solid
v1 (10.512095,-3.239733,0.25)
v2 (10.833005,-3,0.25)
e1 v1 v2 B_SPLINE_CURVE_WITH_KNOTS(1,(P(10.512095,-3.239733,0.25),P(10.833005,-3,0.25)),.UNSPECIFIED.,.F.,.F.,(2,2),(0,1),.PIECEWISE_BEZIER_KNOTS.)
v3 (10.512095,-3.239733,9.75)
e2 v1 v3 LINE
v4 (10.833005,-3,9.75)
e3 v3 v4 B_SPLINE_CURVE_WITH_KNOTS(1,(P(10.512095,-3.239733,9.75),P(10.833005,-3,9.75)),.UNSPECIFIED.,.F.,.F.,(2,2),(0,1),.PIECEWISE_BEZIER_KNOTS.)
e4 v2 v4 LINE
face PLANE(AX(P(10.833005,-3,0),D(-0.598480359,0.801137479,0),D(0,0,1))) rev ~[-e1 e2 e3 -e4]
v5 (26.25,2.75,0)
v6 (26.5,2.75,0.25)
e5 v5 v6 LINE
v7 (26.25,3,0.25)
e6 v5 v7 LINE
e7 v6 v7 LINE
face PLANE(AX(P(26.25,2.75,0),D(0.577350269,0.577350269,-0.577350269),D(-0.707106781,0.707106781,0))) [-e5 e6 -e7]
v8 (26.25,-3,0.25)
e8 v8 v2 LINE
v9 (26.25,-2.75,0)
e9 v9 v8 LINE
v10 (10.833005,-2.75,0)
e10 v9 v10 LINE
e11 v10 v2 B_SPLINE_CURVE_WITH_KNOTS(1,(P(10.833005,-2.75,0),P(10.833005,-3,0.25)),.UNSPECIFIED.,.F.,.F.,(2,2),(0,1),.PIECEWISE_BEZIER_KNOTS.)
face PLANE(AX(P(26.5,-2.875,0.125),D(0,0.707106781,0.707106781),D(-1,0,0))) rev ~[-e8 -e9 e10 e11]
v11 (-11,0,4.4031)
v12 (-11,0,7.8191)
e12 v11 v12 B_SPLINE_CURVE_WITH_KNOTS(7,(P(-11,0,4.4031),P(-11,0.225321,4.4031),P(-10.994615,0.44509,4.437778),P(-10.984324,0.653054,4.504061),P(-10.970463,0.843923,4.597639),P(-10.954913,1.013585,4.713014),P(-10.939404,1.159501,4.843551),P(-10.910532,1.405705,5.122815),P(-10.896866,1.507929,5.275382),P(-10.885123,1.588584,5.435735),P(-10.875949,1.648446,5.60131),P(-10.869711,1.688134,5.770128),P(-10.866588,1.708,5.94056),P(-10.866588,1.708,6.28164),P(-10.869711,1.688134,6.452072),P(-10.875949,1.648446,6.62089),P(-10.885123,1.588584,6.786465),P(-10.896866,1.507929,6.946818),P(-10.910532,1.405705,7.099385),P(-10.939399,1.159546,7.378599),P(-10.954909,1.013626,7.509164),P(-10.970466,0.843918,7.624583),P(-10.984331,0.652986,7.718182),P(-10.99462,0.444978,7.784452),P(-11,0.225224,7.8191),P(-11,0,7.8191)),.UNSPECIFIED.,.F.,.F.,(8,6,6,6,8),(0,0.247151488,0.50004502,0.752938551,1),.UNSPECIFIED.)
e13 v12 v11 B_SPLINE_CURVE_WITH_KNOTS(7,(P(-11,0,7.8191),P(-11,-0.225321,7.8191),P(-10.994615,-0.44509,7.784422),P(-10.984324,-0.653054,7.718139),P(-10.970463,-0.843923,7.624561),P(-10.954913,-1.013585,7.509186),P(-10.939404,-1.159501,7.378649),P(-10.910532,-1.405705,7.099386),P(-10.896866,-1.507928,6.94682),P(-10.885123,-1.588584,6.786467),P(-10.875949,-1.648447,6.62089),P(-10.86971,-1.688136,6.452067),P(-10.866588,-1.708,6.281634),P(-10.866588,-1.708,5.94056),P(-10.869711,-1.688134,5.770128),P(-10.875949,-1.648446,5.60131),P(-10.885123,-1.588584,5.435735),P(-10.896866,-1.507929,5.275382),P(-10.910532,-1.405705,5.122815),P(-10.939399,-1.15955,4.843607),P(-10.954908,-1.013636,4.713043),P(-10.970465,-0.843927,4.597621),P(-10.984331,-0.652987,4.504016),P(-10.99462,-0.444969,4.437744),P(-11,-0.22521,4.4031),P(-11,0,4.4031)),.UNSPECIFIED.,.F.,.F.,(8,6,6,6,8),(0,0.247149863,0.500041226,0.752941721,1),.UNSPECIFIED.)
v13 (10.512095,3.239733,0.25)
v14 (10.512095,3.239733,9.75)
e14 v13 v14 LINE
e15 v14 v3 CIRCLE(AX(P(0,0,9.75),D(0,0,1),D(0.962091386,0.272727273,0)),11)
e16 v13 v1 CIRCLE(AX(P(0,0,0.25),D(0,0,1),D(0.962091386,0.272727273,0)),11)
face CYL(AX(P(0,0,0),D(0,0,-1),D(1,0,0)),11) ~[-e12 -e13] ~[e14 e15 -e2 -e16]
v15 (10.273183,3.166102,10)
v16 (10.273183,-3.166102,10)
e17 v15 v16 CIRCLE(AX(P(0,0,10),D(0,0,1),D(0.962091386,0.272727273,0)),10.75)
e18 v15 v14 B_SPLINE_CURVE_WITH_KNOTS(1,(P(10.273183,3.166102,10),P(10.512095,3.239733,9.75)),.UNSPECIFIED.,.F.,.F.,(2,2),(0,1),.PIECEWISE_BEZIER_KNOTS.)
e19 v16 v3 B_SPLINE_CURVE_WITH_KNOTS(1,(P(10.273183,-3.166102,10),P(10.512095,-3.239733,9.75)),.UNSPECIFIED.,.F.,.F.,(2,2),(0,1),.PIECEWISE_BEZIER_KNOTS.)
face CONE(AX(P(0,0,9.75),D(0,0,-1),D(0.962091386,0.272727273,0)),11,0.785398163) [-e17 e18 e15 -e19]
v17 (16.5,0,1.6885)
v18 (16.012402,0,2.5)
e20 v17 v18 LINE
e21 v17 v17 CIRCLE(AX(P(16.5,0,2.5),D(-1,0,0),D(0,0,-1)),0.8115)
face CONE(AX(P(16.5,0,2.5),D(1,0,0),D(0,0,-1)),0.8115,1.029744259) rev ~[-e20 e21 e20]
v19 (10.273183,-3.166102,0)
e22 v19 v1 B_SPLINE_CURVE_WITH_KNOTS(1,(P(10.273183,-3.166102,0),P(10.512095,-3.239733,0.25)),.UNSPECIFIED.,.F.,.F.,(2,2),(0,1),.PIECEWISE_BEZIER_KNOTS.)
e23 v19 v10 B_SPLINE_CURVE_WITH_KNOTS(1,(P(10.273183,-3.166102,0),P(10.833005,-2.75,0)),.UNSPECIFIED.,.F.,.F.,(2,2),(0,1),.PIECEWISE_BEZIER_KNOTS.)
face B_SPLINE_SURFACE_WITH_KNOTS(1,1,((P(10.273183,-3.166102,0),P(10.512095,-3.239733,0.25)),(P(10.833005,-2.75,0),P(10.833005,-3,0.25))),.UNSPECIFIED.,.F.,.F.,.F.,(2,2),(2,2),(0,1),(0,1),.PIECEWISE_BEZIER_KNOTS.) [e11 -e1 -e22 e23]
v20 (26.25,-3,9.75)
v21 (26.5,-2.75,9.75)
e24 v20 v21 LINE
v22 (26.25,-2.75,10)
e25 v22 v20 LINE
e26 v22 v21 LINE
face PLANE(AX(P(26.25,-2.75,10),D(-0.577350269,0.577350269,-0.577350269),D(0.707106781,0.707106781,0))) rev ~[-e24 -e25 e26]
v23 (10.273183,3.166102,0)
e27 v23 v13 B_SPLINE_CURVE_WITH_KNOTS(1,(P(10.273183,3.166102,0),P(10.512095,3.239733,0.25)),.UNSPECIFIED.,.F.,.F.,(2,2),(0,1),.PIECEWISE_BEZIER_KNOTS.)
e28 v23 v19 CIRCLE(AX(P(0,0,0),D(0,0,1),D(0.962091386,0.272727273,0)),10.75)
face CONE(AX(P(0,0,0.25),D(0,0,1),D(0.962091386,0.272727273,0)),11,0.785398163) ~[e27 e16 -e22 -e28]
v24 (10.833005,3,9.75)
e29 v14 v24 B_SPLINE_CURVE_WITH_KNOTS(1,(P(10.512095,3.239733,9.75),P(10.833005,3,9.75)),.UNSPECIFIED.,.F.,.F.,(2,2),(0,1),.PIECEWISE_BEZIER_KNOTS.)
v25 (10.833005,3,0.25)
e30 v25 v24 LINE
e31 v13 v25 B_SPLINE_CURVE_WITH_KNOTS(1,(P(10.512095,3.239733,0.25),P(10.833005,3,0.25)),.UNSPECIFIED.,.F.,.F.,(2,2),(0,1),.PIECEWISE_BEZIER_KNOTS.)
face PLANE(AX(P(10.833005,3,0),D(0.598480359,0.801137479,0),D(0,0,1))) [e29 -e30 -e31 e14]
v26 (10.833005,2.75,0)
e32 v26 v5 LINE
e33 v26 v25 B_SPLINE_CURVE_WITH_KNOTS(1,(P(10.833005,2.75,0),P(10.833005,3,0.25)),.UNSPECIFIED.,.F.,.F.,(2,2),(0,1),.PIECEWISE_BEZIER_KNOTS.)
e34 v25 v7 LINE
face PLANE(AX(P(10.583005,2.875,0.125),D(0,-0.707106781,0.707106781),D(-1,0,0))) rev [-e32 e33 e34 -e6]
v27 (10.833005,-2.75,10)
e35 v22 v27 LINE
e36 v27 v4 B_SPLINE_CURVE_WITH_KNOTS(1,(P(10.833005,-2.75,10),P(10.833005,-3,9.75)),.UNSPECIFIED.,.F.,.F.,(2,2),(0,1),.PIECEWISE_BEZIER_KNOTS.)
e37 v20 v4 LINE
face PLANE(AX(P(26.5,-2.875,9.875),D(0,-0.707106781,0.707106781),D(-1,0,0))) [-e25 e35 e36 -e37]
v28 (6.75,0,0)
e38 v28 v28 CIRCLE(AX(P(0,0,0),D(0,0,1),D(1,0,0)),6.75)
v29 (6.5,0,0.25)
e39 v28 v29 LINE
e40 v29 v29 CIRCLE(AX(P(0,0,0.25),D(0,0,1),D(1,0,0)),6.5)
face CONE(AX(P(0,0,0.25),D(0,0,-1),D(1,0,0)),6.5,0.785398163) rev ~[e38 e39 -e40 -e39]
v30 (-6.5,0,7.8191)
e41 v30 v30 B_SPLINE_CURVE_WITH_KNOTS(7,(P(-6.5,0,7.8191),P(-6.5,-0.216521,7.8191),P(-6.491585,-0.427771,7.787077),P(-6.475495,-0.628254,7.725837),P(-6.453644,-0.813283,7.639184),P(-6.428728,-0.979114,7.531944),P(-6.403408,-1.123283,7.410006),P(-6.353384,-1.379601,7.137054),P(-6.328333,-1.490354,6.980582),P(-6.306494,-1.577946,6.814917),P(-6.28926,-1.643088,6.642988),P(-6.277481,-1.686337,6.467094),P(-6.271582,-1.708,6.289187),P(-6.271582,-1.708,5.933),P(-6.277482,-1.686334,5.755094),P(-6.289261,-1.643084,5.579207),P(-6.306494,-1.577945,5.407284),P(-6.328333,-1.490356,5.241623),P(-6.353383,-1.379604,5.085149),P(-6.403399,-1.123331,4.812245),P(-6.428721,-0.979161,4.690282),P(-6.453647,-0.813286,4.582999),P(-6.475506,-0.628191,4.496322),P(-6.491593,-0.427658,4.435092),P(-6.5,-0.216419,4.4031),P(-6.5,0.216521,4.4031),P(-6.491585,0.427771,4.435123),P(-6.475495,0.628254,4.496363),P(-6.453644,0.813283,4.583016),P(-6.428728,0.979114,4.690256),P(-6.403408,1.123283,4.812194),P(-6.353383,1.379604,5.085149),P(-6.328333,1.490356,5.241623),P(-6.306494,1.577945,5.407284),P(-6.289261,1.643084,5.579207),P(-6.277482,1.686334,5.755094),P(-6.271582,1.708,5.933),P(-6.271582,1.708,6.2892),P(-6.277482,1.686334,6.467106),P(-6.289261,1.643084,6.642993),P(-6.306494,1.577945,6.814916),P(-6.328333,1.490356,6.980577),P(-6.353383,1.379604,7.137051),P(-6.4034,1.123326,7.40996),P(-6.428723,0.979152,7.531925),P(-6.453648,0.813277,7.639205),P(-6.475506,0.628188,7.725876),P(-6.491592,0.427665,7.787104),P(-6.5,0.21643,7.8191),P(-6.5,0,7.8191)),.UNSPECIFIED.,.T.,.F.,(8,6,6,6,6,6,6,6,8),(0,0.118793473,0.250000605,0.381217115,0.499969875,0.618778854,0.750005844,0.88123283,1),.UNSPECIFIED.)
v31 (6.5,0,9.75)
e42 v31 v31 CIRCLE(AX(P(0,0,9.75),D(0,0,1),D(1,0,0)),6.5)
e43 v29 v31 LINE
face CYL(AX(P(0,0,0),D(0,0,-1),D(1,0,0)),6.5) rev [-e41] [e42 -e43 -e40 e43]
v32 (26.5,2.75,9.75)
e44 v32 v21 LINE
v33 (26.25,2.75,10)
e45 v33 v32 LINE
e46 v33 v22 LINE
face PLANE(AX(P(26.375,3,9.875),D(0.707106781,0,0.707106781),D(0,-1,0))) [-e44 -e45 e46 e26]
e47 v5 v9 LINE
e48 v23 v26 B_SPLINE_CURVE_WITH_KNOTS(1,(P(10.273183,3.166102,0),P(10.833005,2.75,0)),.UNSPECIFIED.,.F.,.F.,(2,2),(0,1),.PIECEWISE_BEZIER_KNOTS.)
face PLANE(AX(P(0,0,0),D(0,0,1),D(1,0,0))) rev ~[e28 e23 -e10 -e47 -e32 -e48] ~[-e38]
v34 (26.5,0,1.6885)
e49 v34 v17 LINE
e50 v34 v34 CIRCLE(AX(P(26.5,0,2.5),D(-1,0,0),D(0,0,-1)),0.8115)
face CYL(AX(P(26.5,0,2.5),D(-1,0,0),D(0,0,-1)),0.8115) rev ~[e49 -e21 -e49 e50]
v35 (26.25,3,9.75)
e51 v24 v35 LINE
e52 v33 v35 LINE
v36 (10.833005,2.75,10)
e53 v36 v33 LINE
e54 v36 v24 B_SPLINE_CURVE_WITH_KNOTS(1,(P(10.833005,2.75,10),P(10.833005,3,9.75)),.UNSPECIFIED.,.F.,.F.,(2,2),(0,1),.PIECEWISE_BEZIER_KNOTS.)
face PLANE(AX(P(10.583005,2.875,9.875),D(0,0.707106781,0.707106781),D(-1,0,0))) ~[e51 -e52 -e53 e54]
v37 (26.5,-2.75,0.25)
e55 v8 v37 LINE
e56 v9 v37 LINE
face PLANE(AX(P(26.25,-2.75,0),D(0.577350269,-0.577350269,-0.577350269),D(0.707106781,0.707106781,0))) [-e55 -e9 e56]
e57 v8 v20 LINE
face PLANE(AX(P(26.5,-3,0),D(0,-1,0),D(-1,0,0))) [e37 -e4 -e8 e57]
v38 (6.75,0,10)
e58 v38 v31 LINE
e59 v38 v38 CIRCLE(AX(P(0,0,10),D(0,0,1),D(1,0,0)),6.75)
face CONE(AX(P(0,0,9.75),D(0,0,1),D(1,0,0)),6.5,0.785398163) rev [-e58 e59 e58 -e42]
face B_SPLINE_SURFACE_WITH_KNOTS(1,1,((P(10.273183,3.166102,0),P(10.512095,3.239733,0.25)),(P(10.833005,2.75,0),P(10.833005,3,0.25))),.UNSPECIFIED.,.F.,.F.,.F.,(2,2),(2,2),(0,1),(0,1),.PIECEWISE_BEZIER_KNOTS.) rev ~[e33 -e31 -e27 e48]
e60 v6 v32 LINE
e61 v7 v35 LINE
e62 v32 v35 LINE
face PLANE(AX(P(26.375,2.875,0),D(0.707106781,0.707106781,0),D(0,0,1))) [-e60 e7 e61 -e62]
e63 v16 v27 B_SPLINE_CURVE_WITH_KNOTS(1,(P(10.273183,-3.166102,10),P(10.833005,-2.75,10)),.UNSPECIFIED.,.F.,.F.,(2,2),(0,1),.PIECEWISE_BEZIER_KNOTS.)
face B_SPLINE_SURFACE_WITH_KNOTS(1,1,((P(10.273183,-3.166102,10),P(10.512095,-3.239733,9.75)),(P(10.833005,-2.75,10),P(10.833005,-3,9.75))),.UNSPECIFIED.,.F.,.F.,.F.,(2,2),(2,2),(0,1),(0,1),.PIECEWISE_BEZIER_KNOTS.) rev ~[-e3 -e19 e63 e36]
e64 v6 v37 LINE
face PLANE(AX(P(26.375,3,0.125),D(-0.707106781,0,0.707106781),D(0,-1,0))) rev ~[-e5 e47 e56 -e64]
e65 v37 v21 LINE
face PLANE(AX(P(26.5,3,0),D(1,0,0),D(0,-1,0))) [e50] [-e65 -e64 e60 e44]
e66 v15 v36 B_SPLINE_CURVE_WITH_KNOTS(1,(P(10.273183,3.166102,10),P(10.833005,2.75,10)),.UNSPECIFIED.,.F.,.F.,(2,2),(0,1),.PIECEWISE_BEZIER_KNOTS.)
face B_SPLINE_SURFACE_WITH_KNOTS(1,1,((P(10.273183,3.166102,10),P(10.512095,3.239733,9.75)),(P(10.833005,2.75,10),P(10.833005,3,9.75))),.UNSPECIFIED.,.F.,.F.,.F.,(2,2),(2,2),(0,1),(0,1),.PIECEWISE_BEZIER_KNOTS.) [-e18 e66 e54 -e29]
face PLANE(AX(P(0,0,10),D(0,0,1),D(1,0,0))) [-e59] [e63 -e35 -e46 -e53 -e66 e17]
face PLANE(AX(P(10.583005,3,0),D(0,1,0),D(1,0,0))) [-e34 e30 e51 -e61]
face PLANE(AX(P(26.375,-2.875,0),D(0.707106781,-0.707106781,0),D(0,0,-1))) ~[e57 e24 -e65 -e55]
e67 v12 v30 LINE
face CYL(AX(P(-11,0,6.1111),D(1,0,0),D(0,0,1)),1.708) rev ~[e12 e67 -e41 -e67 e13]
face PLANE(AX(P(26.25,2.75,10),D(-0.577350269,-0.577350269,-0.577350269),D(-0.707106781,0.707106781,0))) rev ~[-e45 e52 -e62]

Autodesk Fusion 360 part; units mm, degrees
sketch "Sketch1" plane through (0, 0, 0) normal (0, 0, 1) x (1, 0, 0)
  circle A0 centre (0, 0) radius 6.5
  circle A1 centre (0, 0) radius 11
  line L0 (0, 0) -> (9, 0) construction
  line L1 (0, 0) -> (6.5, 0)
  line L2 (6.5, 0) -> (6.5, 3)
  line L3 (6.5, 3) -> (26.5, 3)
  line L4 (26.5, 3) -> (26.5, -3)
  line L5 (26.5, -3) -> (6.5, -3)
  line L6 (6.5, -3) -> (6.5, 3)
  dimension "d1" = 13
  dimension "d2" = 22
  dimension "d21" = 3
  dimension "d22" = 20
  dimension "d23" = 6
extrude "Extrude1" add sketch "Sketch1" along normal blind 10
hole "Hole1" at (26.5, 0, 2.5) direction (-1, 0, 0) diameter 1.623 depth 10 tip angle 118
hole "Hole3" at (-11, 0, 6.1111) direction (1, 0, 0) diameter 3.416 depth 10 tip angle 118
chamfer "Chamfer1" distance 0.25 angle 45 4 edges at (10.583, -3, 5) (10.583, 3, 5) (26.5, -3, 5) (26.5, 3, 5) 2 faces at (15.8887, -1, 10) (15.8887, -1, 0)
equation "d16 = ( 6 / 2 ) * 1 mm"
equation "d21 = d23 / 2"
